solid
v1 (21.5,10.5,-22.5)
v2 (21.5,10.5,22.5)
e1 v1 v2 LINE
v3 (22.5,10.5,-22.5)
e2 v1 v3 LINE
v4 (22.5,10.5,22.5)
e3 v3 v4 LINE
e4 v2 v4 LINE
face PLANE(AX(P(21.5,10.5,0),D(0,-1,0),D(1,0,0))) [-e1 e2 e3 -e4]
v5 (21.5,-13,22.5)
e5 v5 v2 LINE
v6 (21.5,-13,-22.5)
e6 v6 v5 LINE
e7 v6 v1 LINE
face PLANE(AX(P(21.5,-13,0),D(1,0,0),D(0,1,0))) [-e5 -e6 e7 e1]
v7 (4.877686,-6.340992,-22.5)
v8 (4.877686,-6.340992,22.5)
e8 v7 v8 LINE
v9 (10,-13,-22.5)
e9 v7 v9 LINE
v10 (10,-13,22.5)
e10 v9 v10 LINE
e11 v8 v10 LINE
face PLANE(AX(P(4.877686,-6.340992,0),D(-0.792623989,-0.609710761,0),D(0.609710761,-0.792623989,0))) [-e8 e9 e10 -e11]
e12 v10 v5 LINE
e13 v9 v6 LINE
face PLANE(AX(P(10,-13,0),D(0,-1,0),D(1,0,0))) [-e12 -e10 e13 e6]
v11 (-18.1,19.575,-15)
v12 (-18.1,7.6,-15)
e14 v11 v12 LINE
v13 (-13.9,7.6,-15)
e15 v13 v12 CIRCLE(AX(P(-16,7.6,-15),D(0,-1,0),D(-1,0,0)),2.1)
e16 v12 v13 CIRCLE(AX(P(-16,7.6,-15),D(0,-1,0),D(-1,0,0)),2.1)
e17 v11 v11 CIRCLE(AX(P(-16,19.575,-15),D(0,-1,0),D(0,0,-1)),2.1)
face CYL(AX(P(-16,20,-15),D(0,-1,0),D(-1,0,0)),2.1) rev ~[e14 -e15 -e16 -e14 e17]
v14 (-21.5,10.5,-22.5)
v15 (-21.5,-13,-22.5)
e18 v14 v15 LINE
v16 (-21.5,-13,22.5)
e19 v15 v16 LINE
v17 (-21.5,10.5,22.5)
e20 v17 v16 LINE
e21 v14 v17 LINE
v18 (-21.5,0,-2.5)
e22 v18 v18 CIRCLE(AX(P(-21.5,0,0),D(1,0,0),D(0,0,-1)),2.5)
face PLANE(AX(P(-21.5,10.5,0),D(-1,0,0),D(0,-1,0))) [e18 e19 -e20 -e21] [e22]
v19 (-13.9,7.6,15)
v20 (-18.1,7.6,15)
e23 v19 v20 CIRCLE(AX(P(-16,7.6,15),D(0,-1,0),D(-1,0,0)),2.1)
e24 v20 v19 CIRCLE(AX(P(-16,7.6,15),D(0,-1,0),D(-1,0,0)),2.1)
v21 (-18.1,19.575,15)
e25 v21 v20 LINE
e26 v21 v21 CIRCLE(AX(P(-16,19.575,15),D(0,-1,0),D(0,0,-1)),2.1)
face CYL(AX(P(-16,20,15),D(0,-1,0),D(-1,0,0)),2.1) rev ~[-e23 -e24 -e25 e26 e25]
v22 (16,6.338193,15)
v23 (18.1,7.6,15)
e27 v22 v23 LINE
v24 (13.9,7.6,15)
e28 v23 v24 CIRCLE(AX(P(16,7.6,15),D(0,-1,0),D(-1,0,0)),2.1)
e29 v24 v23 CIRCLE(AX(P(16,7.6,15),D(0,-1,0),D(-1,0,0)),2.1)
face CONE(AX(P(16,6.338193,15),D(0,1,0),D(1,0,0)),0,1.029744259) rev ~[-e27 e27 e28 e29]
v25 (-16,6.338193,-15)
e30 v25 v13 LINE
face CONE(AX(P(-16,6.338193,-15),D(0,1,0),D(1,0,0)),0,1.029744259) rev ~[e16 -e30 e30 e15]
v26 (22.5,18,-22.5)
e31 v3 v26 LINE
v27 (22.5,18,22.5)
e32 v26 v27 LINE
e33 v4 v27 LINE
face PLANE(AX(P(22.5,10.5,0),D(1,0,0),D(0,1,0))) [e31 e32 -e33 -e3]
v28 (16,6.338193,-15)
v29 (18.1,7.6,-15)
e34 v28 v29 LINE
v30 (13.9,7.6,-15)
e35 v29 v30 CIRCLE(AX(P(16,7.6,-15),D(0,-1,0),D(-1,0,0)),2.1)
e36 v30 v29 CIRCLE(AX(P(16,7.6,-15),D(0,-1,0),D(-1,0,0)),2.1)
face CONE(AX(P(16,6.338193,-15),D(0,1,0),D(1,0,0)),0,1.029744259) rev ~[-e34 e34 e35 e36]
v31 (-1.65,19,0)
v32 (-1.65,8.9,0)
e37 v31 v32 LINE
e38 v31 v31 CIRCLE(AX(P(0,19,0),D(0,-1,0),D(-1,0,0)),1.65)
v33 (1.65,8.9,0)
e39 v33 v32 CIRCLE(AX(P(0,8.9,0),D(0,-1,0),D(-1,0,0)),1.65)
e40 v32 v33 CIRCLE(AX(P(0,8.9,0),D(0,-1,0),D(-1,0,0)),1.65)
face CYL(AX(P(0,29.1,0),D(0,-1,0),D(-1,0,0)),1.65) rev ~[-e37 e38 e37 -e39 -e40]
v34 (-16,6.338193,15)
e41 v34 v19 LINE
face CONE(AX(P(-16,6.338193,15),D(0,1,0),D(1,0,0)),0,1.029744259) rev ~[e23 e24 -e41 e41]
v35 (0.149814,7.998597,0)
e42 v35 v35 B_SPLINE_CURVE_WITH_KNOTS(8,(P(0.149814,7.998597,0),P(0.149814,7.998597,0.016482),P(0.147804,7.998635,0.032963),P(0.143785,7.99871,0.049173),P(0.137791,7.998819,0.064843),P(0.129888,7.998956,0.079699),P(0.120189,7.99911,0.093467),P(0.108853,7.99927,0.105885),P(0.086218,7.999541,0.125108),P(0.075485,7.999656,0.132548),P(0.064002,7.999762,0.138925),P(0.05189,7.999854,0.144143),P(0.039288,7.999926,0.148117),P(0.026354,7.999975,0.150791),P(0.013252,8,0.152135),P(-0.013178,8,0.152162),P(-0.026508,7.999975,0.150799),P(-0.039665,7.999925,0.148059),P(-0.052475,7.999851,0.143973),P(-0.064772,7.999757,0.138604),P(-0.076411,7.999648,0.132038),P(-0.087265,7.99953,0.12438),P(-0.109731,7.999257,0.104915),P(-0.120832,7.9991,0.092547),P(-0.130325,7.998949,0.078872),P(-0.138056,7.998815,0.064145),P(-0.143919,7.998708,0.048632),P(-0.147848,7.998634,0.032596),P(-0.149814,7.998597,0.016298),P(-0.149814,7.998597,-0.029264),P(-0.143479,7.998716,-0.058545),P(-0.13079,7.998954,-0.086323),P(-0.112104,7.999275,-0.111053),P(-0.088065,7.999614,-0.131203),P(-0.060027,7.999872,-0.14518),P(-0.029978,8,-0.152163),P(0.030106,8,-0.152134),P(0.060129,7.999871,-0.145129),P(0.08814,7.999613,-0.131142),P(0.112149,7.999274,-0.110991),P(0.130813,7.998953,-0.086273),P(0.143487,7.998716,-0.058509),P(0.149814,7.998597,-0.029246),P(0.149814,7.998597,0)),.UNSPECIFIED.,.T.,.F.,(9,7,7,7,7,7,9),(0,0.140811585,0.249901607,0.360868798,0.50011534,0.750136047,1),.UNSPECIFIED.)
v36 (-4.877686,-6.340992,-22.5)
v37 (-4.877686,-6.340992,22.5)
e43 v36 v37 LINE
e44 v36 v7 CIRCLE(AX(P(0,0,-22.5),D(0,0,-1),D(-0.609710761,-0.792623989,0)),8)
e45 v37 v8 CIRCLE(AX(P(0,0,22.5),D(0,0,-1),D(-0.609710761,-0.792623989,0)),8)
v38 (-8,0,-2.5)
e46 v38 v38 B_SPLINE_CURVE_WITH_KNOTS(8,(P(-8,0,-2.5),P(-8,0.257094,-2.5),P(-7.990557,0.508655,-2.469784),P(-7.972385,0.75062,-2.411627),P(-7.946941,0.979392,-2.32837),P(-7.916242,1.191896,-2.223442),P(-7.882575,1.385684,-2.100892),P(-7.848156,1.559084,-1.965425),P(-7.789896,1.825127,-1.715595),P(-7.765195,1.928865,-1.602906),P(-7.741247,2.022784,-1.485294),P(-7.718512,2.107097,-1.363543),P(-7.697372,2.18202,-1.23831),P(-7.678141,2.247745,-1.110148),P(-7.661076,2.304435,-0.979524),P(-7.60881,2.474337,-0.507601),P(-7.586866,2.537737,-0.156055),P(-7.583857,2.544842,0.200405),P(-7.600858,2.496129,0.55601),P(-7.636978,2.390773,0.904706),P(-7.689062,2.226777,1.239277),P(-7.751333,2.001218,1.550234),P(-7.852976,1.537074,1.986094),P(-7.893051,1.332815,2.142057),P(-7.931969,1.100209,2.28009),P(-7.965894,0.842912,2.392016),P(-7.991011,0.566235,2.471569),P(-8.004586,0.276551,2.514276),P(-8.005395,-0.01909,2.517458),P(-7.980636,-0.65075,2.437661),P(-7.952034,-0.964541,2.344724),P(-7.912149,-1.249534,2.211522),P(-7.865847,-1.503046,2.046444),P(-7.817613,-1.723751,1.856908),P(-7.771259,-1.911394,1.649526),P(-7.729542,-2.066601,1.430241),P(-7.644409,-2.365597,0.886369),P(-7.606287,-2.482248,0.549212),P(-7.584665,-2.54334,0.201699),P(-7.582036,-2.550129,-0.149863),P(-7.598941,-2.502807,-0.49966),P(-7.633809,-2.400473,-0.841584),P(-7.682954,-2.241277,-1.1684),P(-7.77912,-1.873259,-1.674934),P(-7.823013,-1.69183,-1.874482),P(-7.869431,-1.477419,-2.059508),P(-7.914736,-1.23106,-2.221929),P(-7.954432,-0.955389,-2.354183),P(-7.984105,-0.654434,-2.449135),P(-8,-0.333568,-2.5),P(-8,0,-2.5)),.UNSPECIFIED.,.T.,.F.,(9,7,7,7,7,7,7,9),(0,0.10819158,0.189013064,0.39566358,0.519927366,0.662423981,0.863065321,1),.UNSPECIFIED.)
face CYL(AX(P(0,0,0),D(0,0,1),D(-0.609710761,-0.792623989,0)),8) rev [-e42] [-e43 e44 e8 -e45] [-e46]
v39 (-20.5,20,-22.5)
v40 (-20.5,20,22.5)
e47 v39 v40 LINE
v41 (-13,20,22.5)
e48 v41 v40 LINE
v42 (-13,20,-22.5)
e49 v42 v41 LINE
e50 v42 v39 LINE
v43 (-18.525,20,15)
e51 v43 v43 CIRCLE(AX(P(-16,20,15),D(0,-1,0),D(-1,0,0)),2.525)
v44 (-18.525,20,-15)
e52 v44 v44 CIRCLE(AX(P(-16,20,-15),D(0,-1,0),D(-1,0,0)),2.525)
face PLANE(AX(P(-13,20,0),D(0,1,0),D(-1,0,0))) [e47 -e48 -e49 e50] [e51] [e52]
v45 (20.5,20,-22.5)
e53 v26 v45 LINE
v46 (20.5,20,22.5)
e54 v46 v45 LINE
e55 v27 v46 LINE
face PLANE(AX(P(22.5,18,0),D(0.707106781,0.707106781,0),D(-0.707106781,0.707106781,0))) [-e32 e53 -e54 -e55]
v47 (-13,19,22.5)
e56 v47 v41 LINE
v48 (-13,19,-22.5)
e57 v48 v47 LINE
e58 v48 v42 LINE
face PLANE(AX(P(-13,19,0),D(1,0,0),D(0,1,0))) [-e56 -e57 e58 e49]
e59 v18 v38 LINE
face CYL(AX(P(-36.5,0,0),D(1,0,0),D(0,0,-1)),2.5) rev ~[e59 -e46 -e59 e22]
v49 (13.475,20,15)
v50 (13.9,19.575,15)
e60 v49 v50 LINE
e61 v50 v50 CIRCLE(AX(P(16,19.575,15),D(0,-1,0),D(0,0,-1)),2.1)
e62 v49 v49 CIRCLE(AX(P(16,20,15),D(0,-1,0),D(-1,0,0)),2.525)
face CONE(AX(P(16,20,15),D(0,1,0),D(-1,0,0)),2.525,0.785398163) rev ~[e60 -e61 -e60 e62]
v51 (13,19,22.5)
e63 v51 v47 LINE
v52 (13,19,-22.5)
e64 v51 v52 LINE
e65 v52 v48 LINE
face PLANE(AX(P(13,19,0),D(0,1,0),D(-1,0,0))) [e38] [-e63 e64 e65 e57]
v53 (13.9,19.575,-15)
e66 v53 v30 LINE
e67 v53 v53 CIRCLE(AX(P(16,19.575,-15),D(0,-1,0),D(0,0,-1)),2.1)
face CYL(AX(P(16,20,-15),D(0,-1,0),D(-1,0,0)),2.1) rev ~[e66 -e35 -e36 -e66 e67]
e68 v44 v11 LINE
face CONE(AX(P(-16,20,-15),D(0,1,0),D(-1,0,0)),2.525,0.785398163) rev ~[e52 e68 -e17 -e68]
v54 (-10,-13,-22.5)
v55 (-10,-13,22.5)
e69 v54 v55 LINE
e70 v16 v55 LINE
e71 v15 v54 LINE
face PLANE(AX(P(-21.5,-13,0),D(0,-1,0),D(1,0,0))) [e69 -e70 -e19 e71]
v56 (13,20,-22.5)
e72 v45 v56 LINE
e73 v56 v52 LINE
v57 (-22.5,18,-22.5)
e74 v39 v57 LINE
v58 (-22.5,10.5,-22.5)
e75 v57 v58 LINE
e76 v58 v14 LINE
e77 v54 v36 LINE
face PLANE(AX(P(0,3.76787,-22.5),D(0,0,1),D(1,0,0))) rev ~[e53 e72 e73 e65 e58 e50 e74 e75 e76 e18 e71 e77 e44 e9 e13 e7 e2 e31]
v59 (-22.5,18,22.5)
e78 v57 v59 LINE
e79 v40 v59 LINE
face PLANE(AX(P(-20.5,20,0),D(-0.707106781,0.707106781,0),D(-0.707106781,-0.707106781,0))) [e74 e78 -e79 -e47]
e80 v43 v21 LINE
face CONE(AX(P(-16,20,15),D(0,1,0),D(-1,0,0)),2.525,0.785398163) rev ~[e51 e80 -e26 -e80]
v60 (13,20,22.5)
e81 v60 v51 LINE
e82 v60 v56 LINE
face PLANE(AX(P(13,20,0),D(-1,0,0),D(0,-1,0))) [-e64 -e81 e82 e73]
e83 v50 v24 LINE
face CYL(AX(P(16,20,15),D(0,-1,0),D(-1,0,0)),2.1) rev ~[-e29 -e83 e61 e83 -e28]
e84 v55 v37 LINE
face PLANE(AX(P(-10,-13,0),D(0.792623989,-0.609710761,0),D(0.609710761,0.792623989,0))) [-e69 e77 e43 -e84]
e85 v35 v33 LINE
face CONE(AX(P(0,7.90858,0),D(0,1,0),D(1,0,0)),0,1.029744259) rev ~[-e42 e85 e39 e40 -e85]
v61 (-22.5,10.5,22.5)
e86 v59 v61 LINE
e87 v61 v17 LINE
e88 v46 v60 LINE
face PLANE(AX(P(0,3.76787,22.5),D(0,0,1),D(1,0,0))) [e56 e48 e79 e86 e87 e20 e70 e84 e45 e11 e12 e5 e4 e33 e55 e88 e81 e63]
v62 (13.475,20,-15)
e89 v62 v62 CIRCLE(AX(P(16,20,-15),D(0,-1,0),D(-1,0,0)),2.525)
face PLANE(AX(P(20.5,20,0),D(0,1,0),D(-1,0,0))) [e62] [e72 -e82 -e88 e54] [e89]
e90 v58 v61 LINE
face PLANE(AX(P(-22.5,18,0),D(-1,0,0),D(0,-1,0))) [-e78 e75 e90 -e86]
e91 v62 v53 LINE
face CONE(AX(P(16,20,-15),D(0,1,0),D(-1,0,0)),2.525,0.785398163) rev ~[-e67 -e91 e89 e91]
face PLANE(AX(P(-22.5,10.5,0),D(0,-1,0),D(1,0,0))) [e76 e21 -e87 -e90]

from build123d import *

# Parameters (mm, degrees)
BOSS_EXTRUDE1_DEPTH         = 22.5
M5_TAPPED_HOLE1_D           = 4.2
M5_TAPPED_HOLE1_DEPTH       = 12.4
M5_TAPPED_HOLE1_CSINK_D     = 5.05
M5_TAPPED_HOLE1_CSINK_ANGLE = 90
M5_TAPPED_HOLE1_TIP         = 1.2618073
M4X0_7_TAPPED_HOLE1_D       = 3.3
M4X0_7_TAPPED_HOLE1_DEPTH   = 10.1
M4X0_7_TAPPED_HOLE1_TIP     = 0.991420021
M6X1_0_TAPPED_HOLE1_D       = 5
M6X1_0_TAPPED_HOLE1_DEPTH   = 15
M6X1_0_TAPPED_HOLE1_TIP     = 1.502151548


with BuildPart() as part:
    # Sketch2 → Boss-Extrude1 (new body, symmetric)
    with BuildSketch(Plane.XY):
        with BuildLine():
            Line((13, 19), (-13, 19))
            Line((-13, 19), (-13, 20))
            Line((-13, 20), (-20.5, 20))
            Line((-20.5, 20), (-22.5, 18))
            Line((-22.5, 18), (-22.5, 10.5))
            Line((-22.5, 10.5), (-21.5, 10.5))
            Line((-21.5, 10.5), (-21.5, -13))
            Line((-21.5, -13), (-10, -13))
            Line((-10, -13), (-4.877686087, -6.340991913))
            ThreePointArc((-4.877686087, -6.340991913), (0, 8), (4.877686087, -6.340991913))
            Line((4.877686087, -6.340991913), (10, -13))
            Line((10, -13), (21.5, -13))
            Line((21.5, -13), (21.5, 10.5))
            Line((21.5, 10.5), (22.5, 10.5))
            Line((22.5, 10.5), (22.5, 18))
            Line((22.5, 18), (20.5, 20))
            Line((20.5, 20), (13, 20))
            Line((13, 20), (13, 19))
        make_face()
    extrude(amount=BOSS_EXTRUDE1_DEPTH, both=True)

    # M5 Tapped Hole1
    with Locations(Plane(origin=(0, 20, 0), x_dir=(1, 0, 0), z_dir=(0, 1, 0))):
        with Locations((-16, 15), (16, 15), (-16, -15), (16, -15)):
            CounterSinkHole(M5_TAPPED_HOLE1_D / 2, M5_TAPPED_HOLE1_CSINK_D / 2, depth=M5_TAPPED_HOLE1_DEPTH, counter_sink_angle=M5_TAPPED_HOLE1_CSINK_ANGLE)
            with Locations((0, 0, -(M5_TAPPED_HOLE1_DEPTH + M5_TAPPED_HOLE1_TIP / 2))):  # 118° drill point
                Cone(0, M5_TAPPED_HOLE1_D / 2, M5_TAPPED_HOLE1_TIP, mode=Mode.SUBTRACT)

    # M4x0.7 Tapped Hole1
    with Locations(Plane(origin=(0, 19, 0), x_dir=(1, 0, 0), z_dir=(0, 1, 0))):
        with Locations((0, 0)):
            Hole(M4X0_7_TAPPED_HOLE1_D / 2, depth=M4X0_7_TAPPED_HOLE1_DEPTH)
            with Locations((0, 0, -(M4X0_7_TAPPED_HOLE1_DEPTH + M4X0_7_TAPPED_HOLE1_TIP / 2))):  # 118° drill point
                Cone(0, M4X0_7_TAPPED_HOLE1_D / 2, M4X0_7_TAPPED_HOLE1_TIP, mode=Mode.SUBTRACT)

    # M6x1.0 Tapped Hole1
    with Locations(Plane.ZY.offset(21.5)):
        with Locations((0, 0)):
            Hole(M6X1_0_TAPPED_HOLE1_D / 2, depth=M6X1_0_TAPPED_HOLE1_DEPTH)
            with Locations((0, 0, -(M6X1_0_TAPPED_HOLE1_DEPTH + M6X1_0_TAPPED_HOLE1_TIP / 2))):  # 118° drill point
                Cone(0, M6X1_0_TAPPED_HOLE1_D / 2, M6X1_0_TAPPED_HOLE1_TIP, mode=Mode.SUBTRACT)


solid = part.part
